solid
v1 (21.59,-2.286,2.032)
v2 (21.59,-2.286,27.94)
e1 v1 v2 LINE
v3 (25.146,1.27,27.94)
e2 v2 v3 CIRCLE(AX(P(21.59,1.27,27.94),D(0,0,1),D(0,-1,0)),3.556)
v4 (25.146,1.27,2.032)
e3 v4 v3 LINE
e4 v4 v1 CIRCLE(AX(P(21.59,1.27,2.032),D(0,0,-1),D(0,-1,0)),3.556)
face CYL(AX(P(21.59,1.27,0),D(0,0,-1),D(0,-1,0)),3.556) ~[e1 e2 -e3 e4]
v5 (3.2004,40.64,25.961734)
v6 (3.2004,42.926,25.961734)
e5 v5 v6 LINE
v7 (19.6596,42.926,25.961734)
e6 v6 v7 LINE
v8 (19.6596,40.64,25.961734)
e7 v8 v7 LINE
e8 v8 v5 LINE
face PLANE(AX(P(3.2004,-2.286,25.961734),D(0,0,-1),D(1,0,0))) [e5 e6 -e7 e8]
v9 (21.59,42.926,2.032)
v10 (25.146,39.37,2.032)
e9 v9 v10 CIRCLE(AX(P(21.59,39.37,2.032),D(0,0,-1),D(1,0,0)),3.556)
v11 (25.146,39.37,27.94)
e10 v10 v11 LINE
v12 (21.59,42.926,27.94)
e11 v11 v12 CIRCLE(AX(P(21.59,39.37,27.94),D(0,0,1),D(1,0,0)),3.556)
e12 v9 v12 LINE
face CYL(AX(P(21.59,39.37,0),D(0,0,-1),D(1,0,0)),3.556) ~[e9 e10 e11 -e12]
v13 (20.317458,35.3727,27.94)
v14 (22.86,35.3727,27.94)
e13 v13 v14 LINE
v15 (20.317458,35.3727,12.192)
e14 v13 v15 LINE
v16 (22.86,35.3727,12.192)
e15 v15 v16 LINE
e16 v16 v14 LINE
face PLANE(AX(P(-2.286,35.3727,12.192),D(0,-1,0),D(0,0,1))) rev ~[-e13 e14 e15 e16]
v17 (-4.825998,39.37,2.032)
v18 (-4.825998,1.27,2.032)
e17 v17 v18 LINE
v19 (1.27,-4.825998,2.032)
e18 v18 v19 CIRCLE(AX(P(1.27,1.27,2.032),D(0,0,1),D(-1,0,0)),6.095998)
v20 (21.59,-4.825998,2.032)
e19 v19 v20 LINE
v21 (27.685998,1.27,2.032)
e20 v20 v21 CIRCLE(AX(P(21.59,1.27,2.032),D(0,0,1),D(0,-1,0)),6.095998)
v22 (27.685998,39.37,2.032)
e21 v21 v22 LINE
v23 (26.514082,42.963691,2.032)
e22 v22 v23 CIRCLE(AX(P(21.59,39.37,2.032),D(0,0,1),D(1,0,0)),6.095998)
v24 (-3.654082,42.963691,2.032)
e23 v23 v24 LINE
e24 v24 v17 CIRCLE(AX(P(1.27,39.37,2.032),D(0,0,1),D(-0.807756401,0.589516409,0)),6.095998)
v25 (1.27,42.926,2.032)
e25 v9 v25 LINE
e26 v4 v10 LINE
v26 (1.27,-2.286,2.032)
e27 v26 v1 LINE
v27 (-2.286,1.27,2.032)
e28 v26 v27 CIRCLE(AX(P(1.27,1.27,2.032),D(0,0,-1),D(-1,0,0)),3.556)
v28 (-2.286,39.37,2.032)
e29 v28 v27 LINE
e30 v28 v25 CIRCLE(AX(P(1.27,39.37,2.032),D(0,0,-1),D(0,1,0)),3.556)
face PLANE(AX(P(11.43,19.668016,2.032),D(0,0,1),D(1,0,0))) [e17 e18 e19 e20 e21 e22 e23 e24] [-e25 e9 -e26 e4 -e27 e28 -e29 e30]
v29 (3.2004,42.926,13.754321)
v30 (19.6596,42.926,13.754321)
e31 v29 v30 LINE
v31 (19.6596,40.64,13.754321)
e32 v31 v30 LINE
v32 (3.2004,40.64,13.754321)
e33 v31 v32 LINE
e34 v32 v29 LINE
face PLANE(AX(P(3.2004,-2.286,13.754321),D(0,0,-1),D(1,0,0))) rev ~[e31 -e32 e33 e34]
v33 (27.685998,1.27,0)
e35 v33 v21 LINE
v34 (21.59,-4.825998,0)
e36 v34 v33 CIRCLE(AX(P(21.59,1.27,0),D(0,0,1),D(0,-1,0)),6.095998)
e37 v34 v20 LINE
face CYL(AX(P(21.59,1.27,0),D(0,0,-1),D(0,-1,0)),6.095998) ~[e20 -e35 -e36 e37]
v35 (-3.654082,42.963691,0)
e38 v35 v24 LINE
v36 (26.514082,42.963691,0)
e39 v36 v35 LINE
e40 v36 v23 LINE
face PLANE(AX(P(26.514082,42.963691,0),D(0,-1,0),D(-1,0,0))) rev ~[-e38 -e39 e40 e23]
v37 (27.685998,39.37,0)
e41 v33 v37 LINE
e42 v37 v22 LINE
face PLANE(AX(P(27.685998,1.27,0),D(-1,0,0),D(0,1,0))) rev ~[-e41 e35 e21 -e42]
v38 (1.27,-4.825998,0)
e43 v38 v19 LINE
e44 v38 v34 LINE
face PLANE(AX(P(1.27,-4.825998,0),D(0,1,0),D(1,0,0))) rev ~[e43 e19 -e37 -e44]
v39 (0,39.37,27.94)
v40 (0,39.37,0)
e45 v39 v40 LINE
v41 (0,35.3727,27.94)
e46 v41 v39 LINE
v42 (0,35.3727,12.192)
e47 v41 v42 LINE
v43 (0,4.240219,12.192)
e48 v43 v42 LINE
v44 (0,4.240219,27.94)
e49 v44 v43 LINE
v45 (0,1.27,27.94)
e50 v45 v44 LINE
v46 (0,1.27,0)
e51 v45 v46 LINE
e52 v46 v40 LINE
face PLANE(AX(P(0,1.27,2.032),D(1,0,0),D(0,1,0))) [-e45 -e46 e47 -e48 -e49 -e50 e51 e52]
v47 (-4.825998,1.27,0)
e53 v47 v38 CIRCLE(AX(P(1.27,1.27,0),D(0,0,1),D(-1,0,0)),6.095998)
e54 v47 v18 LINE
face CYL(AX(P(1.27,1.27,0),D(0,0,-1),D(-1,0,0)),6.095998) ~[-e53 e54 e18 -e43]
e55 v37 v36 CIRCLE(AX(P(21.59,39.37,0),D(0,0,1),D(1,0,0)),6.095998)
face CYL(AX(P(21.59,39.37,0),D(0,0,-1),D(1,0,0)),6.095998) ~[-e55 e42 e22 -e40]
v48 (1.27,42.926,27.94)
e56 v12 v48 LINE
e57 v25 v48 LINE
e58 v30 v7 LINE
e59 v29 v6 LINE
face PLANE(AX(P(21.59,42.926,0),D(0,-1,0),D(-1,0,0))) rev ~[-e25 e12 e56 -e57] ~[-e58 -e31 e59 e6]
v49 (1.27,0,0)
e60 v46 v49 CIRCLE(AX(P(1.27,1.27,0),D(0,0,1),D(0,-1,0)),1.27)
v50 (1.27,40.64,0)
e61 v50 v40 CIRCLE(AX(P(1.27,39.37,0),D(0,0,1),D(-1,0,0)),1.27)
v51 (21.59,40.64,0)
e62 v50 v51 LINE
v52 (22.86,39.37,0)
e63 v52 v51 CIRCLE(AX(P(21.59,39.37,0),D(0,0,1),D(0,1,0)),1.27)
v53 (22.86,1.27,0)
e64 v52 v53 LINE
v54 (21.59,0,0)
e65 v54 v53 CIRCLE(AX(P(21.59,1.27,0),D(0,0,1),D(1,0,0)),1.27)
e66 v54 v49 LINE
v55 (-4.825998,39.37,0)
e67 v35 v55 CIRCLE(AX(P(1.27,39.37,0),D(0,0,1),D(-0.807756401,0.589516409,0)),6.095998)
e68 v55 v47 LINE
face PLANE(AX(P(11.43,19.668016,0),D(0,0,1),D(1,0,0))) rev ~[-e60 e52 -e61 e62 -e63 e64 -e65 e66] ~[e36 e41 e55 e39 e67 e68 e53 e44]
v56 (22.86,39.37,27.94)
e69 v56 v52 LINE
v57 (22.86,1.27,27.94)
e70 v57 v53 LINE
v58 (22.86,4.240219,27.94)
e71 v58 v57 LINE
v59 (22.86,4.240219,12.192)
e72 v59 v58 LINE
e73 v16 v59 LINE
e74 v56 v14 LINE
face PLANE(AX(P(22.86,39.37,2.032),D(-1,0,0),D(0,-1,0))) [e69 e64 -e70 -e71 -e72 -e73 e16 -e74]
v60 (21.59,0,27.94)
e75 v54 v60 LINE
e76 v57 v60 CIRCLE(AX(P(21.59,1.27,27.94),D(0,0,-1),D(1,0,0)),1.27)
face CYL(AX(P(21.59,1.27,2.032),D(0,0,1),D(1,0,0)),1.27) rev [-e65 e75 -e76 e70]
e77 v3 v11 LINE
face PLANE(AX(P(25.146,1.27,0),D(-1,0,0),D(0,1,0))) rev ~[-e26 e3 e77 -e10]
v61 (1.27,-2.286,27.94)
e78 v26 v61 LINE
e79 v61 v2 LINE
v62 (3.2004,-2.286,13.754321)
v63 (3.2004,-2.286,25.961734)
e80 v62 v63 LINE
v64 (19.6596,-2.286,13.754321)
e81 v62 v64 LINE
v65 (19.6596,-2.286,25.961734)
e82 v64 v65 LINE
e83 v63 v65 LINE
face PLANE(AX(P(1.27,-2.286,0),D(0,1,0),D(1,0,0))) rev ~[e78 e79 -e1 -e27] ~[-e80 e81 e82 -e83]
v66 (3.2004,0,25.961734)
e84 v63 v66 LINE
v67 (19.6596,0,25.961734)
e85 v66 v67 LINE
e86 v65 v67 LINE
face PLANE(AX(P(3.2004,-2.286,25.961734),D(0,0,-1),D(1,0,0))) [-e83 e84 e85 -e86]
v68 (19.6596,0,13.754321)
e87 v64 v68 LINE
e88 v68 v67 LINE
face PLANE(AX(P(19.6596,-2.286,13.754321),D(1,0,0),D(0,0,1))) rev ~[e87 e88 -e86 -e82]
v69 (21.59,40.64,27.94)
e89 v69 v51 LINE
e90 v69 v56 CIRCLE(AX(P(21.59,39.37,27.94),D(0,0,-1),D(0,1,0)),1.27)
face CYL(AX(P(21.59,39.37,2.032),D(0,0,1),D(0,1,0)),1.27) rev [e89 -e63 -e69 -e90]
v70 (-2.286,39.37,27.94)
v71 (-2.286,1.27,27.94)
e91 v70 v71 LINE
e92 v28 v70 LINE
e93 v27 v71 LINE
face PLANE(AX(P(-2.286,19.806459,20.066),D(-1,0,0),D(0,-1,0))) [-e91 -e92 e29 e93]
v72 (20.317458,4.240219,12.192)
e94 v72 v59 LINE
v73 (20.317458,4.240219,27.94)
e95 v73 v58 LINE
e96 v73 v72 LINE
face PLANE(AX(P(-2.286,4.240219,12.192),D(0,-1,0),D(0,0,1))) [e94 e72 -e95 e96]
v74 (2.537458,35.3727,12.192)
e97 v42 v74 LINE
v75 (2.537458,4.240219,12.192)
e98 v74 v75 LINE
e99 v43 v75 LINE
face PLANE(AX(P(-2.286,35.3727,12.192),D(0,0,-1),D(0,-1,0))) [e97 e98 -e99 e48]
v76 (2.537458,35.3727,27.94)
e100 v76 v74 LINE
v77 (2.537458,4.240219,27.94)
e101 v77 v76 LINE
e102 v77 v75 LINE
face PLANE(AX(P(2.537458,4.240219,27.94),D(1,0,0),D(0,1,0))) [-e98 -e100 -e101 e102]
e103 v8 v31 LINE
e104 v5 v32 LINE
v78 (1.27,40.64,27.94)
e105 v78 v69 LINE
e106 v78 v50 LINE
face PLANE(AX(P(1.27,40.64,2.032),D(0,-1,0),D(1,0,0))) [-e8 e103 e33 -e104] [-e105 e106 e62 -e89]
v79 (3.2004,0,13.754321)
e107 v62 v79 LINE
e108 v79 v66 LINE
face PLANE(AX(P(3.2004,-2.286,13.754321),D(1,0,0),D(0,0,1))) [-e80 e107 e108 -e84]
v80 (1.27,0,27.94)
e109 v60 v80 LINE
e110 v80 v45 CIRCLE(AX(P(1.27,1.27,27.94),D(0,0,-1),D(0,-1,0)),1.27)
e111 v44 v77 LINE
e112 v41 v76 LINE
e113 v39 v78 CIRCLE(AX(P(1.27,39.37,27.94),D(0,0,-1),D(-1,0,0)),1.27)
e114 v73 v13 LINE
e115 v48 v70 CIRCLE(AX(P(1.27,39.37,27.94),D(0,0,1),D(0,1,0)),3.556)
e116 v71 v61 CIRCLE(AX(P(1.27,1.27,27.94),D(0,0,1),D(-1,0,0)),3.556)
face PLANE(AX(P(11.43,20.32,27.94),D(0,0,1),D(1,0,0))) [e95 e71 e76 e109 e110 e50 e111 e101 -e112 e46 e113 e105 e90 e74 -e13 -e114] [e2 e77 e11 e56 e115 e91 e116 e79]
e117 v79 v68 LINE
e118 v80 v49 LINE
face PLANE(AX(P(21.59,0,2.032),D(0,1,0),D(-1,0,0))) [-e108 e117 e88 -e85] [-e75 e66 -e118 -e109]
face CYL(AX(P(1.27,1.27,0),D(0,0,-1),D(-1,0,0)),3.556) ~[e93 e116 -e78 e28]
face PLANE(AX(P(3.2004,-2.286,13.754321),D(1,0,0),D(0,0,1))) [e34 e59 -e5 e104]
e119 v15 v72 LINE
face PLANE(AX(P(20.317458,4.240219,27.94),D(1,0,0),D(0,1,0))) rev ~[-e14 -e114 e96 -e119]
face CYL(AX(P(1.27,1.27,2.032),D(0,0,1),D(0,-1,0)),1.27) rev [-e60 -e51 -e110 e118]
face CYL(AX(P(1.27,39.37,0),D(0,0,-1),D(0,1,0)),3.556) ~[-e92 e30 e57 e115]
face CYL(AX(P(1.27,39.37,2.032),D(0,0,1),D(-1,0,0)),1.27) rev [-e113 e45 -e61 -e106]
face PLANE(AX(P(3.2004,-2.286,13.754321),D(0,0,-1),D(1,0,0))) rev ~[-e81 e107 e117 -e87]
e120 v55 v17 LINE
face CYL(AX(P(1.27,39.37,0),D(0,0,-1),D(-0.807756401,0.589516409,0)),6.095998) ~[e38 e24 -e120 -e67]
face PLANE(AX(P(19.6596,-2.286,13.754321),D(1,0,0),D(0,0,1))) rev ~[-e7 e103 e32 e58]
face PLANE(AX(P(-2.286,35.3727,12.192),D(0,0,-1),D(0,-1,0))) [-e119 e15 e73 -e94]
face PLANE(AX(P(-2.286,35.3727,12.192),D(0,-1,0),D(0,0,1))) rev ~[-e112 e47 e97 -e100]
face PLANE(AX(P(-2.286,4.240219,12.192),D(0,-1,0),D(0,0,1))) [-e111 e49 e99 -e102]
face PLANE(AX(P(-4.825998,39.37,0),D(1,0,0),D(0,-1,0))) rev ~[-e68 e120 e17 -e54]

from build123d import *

# Parameters (mm, degrees)
F1_DEPTH  = 27.94
F2_W      = 16.4592
F2_H      = 12.2074130923
F3_DEPTH  = 57.9374
F5_DEPTH  = 2.032
F6_DEPTH  = 25.4
F7_W      = 31.1324808757
F7_H      = 15.748
F8_DEPTH  = 25.4
F9_W      = 17.78
F9_H      = 31.1324808757
F10_DEPTH = 42.926


with BuildPart() as f1:
    # F0 (on Top) → F1 (new body)
    with BuildSketch(Plane.XY):
        with BuildLine():
            Line((-2.2859999444, 39.37), (-2.2859999444, 1.27))
            ThreePointArc((-2.2859999444, 1.27), (-1.2444716746, -1.2444716746), (1.27, -2.2859999444))
            Line((1.27, -2.2859999444), (21.59, -2.2859999444))
            ThreePointArc((21.59, -2.2859999444), (24.1044716746, -1.2444716746), (25.1459999444, 1.27))
            Line((25.1459999444, 1.27), (25.1459999444, 39.37))
            ThreePointArc((25.1459999444, 39.37), (24.1044716746, 41.8844716746), (21.59, 42.9259999444))
            Line((21.59, 42.9259999444), (1.27, 42.9259999444))
            ThreePointArc((1.27, 42.9259999444), (-1.2444716746, 41.8844716746), (-2.2859999444, 39.37))
        make_face()
        with BuildLine():
            Line((21.59, 0), (1.27, 0))
            ThreePointArc((1.27, 0), (0.3719743879, 0.3719743879), (0, 1.27))
            Line((0, 1.27), (0, 39.37))
            ThreePointArc((0, 39.37), (0.3719743879, 40.2680256121), (1.27, 40.64))
            Line((1.27, 40.64), (21.59, 40.64))
            ThreePointArc((21.59, 40.64), (22.4880256121, 40.2680256121), (22.86, 39.37))
            Line((22.86, 39.37), (22.86, 1.27))
            ThreePointArc((22.86, 1.27), (22.4880256121, 0.3719743879), (21.59, 0))
        make_face(mode=Mode.SUBTRACT)
    extrude(amount=F1_DEPTH)

    # F2 (on face) → F3 (cut)
    with BuildSketch(Plane.XZ.offset(2.2859999444)):
        with Locations((11.43, 19.8580278084)):
            Rectangle(F2_W, F2_H)
    extrude(amount=-F3_DEPTH, mode=Mode.SUBTRACT)

    # F4 (on Top) → F5 (join)
    with BuildSketch(Plane.XY):
        with BuildLine():
            Line((1.0258011753, 42.9636910558), (-3.6540816908, 42.9636910558))
            ThreePointArc((-3.6540816908, 42.9636910558), (-4.5256185939, 41.2599738136), (-4.8259983516, 39.37))
            Line((-4.8259983516, 39.37), (-4.8259983516, 1.27))
            ThreePointArc((-4.8259983516, 1.27), (-3.0405217725, -3.0405217725), (1.27, -4.8259983516))
            Line((1.27, -4.8259983516), (21.59, -4.8259983516))
            ThreePointArc((21.59, -4.8259983516), (25.9005217725, -3.0405217725), (27.6859983516, 1.27))
            Line((27.6859983516, 1.27), (27.6859983516, 39.37))
            ThreePointArc((27.6859983516, 39.37), (27.3856185939, 41.2599738136), (26.5140816908, 42.9636910558))
            Line((26.5140816908, 42.9636910558), (1.0258011753, 42.9636910558))
        make_face()
    extrude(amount=F5_DEPTH)

    # F6 (cut): a face of the model
    f6_faces = [f1.faces().sort_by_distance(p)[0] for p in [
        (11.43, 20.32, 2.032),
    ]]
    extrude(f6_faces, amount=-F6_DEPTH, mode=Mode.SUBTRACT)

    # F7 (on face) → F8 (join)
    with BuildSketch(Plane(origin=(-2.2859999444, 0, 0), x_dir=(0, -1, 0), z_dir=(-1, 0, 0))):
        with Locations((-19.8064594535, 20.066)):
            Rectangle(F7_W, F7_H)
    extrude(amount=-F8_DEPTH)

    # F9 (on face) → F10 (cut)
    with BuildSketch(Plane.XY.offset(27.94)):
        with Locations((11.4274583516, 19.8064594535)):
            Rectangle(F9_W, F9_H)
    extrude(amount=-F10_DEPTH, mode=Mode.SUBTRACT)


solid = f1.part
